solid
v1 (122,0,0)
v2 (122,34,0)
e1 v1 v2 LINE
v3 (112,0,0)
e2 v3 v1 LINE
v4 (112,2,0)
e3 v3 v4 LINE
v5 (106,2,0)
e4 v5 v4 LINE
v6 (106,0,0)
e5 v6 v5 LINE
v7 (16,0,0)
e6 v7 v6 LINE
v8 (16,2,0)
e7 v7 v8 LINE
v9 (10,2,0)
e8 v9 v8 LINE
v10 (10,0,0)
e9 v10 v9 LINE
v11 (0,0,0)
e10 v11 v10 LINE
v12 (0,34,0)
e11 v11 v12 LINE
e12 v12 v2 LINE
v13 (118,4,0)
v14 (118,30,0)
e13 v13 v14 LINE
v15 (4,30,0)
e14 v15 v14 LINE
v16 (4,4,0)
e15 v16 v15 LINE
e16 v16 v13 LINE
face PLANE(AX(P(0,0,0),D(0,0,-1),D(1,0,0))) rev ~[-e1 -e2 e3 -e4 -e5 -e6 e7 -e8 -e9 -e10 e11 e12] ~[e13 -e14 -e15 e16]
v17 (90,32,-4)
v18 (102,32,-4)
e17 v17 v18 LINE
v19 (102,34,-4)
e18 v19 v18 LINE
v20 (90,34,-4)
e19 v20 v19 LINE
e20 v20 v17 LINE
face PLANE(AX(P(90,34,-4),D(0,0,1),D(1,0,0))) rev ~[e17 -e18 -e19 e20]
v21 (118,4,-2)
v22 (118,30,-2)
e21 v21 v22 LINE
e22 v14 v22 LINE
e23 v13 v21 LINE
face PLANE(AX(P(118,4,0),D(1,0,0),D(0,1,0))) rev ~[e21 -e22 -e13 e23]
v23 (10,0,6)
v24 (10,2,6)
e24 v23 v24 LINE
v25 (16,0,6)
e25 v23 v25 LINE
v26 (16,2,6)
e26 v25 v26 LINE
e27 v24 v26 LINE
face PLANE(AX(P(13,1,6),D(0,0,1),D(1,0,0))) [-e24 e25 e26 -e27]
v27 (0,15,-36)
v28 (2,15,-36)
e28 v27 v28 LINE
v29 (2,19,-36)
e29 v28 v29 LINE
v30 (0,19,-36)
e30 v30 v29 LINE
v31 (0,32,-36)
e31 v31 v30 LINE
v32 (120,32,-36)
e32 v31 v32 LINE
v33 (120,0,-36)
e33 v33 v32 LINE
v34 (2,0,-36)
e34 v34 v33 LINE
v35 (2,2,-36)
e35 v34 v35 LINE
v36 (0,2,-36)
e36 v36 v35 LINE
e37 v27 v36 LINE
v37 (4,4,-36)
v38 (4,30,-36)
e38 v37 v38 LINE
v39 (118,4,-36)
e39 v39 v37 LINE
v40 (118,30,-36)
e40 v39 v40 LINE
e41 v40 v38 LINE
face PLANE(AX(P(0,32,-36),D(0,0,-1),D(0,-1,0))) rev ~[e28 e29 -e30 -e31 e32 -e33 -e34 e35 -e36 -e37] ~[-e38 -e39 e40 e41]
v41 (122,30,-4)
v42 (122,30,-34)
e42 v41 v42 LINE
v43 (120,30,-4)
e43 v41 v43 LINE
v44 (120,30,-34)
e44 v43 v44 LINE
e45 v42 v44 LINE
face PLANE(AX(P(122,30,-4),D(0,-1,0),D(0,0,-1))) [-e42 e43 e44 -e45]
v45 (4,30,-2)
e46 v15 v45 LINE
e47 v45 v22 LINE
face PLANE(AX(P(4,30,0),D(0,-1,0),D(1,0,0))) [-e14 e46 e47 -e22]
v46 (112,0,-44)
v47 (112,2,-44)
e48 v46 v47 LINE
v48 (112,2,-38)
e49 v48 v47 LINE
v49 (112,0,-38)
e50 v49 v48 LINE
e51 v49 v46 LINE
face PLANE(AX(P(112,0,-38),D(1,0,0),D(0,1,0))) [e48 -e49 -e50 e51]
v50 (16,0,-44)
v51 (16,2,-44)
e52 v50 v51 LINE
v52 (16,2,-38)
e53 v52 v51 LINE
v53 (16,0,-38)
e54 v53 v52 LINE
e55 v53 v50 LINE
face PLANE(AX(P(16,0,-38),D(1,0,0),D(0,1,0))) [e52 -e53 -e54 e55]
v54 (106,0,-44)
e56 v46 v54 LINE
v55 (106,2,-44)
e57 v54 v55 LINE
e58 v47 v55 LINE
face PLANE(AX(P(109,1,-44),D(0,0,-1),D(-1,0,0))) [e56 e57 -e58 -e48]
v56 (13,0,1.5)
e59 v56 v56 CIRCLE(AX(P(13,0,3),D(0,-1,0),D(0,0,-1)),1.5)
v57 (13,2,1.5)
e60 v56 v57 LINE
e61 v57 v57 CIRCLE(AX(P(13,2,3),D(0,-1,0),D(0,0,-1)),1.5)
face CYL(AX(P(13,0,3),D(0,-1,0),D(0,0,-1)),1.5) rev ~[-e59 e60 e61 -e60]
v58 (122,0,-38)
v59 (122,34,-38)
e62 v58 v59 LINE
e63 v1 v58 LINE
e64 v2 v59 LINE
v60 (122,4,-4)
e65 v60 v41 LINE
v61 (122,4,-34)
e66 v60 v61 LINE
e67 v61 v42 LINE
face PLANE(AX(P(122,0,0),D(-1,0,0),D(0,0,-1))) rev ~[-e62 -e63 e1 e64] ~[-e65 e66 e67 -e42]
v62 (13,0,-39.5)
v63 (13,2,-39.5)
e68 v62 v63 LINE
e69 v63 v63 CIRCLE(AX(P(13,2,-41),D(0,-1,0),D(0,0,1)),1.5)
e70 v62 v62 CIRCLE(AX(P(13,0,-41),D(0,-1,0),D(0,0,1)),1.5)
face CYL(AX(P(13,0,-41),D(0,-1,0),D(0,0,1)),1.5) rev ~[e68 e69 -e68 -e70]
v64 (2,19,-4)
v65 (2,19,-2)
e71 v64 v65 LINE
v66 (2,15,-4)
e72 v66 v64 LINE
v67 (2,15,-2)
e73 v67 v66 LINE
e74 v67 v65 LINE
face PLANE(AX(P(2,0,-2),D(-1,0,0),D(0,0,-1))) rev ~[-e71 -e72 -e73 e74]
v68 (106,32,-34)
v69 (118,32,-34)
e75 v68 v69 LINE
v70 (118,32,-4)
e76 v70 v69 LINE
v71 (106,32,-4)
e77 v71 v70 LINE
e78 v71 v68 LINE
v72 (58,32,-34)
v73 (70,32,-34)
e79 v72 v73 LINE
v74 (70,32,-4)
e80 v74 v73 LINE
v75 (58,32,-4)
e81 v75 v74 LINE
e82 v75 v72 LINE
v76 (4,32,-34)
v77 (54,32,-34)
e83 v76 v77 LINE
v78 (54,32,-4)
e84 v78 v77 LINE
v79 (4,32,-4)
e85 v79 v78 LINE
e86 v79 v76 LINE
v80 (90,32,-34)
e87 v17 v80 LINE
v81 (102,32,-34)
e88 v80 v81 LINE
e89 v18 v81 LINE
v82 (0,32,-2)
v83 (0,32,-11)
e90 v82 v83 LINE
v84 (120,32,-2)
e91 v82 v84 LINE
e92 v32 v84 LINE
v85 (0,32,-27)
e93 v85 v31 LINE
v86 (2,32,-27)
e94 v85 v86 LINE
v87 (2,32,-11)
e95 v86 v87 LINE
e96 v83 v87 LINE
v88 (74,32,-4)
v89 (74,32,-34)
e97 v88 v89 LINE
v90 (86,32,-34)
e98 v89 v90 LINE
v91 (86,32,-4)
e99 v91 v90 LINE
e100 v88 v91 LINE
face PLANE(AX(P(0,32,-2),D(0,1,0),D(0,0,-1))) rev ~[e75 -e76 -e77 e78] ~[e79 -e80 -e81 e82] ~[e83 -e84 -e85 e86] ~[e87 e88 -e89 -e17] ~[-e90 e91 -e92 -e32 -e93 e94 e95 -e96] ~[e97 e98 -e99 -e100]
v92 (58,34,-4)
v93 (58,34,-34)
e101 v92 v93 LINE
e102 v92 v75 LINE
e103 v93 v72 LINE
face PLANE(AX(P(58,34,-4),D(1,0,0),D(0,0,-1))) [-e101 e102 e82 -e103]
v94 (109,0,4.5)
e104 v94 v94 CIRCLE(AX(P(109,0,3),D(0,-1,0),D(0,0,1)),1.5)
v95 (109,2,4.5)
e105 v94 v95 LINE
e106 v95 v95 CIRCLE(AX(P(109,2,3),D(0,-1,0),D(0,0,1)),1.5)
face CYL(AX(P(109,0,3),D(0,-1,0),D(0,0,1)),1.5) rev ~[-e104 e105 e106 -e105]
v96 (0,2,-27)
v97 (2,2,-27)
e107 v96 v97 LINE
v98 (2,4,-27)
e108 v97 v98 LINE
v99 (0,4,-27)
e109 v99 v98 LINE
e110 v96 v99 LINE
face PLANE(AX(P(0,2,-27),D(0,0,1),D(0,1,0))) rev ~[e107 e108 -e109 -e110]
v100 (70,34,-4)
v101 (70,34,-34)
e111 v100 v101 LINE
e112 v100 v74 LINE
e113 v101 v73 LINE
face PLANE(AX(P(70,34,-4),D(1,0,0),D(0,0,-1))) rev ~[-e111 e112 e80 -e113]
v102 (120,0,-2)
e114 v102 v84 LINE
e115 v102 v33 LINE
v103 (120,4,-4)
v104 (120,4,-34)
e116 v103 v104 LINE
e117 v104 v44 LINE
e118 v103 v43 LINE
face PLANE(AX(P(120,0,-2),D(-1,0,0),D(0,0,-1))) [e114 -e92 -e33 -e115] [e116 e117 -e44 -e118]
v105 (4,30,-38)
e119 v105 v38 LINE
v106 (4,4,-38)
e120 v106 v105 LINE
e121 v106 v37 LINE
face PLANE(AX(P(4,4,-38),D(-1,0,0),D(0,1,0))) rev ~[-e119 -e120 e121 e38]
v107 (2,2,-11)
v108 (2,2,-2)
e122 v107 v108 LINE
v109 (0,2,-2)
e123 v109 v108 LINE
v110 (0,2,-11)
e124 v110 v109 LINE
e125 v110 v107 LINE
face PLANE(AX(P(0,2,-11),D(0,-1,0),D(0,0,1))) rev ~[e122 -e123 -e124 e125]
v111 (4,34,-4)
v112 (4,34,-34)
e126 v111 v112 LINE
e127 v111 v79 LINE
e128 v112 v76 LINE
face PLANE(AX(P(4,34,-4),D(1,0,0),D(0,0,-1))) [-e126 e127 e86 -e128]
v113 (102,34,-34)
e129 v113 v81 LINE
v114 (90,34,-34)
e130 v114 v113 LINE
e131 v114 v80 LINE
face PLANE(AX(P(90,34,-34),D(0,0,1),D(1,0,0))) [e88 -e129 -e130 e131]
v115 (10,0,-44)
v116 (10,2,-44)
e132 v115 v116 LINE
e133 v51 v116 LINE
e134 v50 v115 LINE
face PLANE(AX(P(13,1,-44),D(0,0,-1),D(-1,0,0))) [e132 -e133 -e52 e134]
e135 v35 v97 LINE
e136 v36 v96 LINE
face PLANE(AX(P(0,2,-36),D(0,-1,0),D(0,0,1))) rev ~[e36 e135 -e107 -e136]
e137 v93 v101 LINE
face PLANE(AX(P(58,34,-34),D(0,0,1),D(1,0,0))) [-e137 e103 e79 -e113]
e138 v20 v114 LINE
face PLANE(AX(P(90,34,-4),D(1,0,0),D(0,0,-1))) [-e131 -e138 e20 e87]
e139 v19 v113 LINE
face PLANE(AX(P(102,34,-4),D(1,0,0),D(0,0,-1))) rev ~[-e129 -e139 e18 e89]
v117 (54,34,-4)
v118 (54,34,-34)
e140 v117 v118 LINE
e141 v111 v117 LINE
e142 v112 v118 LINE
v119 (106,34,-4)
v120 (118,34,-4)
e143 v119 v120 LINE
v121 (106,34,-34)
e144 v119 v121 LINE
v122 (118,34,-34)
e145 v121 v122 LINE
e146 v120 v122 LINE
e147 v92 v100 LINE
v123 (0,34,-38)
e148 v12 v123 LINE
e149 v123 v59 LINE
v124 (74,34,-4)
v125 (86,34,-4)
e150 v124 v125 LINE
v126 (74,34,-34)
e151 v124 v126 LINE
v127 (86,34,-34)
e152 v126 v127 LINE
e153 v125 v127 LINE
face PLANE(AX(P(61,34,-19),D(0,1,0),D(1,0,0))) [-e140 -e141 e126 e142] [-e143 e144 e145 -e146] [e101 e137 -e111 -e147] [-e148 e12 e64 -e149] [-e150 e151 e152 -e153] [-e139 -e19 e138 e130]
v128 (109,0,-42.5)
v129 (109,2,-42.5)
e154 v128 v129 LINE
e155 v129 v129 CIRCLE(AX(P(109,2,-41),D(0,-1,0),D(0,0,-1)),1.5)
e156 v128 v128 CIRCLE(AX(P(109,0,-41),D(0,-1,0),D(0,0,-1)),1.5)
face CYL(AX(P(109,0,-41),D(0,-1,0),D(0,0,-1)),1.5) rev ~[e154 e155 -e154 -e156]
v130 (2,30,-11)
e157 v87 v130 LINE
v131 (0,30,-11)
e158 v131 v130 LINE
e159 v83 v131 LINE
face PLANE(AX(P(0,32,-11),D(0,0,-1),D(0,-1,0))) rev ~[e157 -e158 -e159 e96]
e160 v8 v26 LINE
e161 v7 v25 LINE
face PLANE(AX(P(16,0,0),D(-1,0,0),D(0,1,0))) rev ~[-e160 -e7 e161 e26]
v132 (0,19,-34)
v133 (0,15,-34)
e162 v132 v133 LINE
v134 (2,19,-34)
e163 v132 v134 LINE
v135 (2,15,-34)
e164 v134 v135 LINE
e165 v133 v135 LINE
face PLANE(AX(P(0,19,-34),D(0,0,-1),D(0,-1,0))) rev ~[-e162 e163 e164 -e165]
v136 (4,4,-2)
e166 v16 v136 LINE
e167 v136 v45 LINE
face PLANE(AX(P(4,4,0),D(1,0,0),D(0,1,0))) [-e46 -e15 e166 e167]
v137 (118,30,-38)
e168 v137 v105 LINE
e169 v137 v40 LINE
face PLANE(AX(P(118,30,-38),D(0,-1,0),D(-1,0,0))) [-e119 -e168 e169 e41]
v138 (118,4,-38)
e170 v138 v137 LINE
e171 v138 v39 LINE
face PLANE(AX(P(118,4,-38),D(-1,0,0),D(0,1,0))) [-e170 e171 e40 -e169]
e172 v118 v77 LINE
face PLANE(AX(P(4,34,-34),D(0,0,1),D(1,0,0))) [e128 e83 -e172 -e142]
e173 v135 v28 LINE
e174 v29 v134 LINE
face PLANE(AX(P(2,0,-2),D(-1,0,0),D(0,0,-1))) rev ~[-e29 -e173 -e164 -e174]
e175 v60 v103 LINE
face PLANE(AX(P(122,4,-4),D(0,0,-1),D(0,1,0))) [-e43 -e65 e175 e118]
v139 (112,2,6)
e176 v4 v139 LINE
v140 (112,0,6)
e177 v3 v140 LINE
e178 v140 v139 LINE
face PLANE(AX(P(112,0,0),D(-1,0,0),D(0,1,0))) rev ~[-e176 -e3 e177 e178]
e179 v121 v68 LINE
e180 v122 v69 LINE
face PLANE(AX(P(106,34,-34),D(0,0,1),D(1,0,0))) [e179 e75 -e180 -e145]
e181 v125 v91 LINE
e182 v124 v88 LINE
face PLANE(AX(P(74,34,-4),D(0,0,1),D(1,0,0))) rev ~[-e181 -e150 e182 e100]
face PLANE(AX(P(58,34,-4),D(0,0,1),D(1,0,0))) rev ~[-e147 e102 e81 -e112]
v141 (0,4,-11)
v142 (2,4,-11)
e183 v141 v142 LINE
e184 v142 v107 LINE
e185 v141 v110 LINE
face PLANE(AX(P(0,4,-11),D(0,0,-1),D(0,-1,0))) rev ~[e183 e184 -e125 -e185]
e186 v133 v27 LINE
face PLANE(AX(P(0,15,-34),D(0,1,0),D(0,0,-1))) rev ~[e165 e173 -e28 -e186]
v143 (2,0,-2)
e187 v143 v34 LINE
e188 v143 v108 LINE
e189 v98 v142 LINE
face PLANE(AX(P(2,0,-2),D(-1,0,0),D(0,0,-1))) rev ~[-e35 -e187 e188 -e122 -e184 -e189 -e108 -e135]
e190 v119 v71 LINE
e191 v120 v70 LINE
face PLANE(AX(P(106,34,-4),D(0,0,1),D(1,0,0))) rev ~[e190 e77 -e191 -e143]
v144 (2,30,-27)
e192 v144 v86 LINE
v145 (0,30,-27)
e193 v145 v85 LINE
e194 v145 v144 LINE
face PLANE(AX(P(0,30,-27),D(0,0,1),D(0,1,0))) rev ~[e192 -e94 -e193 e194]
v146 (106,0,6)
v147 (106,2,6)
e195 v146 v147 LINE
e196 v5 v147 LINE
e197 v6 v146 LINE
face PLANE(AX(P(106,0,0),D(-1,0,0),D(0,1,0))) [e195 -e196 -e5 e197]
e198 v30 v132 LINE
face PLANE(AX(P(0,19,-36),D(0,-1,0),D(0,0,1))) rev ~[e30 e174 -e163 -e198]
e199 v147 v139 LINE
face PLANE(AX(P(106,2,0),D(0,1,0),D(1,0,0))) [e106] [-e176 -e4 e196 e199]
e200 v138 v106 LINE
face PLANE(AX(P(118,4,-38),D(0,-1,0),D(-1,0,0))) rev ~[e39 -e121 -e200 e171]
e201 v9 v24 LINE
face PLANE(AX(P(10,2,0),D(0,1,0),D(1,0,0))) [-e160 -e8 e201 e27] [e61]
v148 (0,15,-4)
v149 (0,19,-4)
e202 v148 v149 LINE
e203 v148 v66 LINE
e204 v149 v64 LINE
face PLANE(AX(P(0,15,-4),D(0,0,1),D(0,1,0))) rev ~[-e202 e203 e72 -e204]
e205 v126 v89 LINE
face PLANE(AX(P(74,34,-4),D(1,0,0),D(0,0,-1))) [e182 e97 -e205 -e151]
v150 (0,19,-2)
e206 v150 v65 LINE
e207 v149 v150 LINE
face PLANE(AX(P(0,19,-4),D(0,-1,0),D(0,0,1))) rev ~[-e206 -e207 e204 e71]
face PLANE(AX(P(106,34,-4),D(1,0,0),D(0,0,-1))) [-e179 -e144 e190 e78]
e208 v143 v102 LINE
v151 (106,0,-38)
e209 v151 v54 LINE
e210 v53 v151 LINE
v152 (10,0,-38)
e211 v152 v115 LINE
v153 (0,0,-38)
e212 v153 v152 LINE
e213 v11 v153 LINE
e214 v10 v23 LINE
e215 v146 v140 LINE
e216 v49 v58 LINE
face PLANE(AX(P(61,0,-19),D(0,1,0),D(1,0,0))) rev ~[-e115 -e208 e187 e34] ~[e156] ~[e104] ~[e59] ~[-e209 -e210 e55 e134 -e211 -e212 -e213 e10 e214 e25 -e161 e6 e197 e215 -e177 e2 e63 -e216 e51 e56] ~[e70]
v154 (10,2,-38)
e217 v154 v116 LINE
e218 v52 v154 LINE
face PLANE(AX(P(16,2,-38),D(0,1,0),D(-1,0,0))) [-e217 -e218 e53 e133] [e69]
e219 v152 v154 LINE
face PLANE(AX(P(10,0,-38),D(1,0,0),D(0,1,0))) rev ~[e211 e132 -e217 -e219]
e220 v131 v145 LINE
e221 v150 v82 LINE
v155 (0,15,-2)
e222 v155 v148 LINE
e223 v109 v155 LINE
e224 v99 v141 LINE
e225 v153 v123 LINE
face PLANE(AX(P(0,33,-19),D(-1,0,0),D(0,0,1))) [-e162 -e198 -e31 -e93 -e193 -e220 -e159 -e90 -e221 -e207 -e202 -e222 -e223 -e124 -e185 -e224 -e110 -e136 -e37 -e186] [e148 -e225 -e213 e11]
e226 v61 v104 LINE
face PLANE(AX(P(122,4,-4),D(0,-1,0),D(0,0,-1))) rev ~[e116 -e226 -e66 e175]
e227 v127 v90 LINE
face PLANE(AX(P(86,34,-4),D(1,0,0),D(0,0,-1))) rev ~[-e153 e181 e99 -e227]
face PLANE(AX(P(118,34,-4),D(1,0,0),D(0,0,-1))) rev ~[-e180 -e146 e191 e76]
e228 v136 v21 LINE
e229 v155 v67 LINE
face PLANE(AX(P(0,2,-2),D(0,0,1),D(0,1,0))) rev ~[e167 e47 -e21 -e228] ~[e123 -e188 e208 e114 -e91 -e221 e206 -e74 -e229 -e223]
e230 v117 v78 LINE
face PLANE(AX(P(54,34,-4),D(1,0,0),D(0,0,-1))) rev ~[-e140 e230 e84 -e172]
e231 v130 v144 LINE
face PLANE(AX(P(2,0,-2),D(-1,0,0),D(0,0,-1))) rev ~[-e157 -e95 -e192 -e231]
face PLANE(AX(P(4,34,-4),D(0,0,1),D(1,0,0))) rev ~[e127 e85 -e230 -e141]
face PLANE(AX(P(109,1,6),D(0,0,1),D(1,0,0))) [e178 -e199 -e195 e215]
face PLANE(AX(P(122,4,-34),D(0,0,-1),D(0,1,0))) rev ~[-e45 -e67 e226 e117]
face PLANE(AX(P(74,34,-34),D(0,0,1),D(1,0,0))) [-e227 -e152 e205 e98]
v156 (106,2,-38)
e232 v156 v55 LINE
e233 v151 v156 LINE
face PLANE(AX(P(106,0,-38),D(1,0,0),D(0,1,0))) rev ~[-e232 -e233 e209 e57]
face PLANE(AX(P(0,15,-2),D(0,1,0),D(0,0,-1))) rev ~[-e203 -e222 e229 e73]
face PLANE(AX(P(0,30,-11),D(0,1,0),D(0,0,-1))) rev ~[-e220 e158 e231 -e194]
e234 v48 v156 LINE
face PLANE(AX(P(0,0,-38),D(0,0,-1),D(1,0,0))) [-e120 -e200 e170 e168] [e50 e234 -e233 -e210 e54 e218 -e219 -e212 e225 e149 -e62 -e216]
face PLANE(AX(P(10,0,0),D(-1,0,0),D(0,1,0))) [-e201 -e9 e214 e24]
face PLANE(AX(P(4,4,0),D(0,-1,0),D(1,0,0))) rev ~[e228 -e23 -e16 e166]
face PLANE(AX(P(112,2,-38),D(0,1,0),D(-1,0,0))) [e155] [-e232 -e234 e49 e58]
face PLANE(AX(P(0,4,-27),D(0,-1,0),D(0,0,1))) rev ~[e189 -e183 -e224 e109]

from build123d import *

# Parameters (mm, degrees)
SKETCH1_W           = 122
SKETCH1_H           = 38
SKETCH1_W_2         = 118
SKETCH1_H_2         = 34
BOSS_EXTRUDE1_DEPTH = 34
SKETCH2_W           = 34
SKETCH2_H           = 2
BOSS_EXTRUDE2_DEPTH = 120
CUT_EXTRUDE2_DEPTH  = 2
SKETCH4_W           = 114
SKETCH4_H           = 26
CUT_EXTRUDE4_DEPTH  = 2
SKETCH6_W           = 114
SKETCH6_H           = 26
CUT_EXTRUDE5_DEPTH  = 2
SKETCH7_W           = 30
SKETCH7_H           = 26
CUT_EXTRUDE6_DEPTH  = 2
SKETCH8_W           = 12
SKETCH8_H           = 30
CUT_EXTRUDE7_DEPTH  = 2
LPATTERN1_COUNT     = 4
LPATTERN1_PITCH     = 16
SKETCH9_W           = 50
SKETCH9_H           = 30
CUT_EXTRUDE8_DEPTH  = 2
SKETCH10_W          = 6
SKETCH10_H          = 2
BOSS_EXTRUDE5_DEPTH = 6
SKETCH11_W          = 6
SKETCH11_H          = 2
BOSS_EXTRUDE6_DEPTH = 6
SKETCH12_W          = 6
SKETCH12_H          = 2
BOSS_EXTRUDE7_DEPTH = 6
SKETCH13_W          = 6
SKETCH13_H          = 2
BOSS_EXTRUDE8_DEPTH = 6
SKETCH14_R          = 1.5
CUT_EXTRUDE9_DEPTH  = 2


with BuildPart() as part:
    # Sketch1 → Boss-Extrude1 (new body)
    with BuildSketch(Plane(origin=(0, 0, 0), x_dir=(1, 0, 0), z_dir=(0, 1, 0))):
        with Locations((61, 19)):
            Rectangle(SKETCH1_W, SKETCH1_H)
        with Locations((61, 19)):
            Rectangle(SKETCH1_W_2, SKETCH1_H_2, mode=Mode.SUBTRACT)
    extrude(amount=BOSS_EXTRUDE1_DEPTH)

    # Sketch2 → Boss-Extrude2 (add)
    with BuildSketch(Plane.ZY):
        with Locations((-19, 33)):
            Rectangle(SKETCH2_W, SKETCH2_H)
    extrude(amount=-BOSS_EXTRUDE2_DEPTH)

    # Sketch3 → Cut-Extrude2 (cut)
    with BuildSketch(Plane.ZY):
        Polygon((-8, 2), (-2, 2), (-2, 15), (-4, 15), (-4, 19), (-2, 19), (-2, 32), (-11, 32), (-11, 30), (-27, 30), (-27, 32), (-36, 32), (-36, 19), (-34, 19), (-34, 15), (-36, 15), (-36, 2), (-30, 2), (-27, 2), (-27, 4), (-11, 4), (-11, 2), align=None)
    extrude(amount=-CUT_EXTRUDE2_DEPTH, mode=Mode.SUBTRACT)

    # Sketch4 → Cut-Extrude4 (cut)
    with BuildSketch(Plane(origin=(0, 0, -38), x_dir=(-1, 0, 0), z_dir=(0, 0, -1))):
        with Locations((-61, 17)):
            Rectangle(SKETCH4_W, SKETCH4_H)
    extrude(amount=-CUT_EXTRUDE4_DEPTH, mode=Mode.SUBTRACT)

    # Sketch6 → Cut-Extrude5 (cut)
    with BuildSketch(Plane.XY):
        with Locations((61, 17)):
            Rectangle(SKETCH6_W, SKETCH6_H)
    extrude(amount=-CUT_EXTRUDE5_DEPTH, mode=Mode.SUBTRACT)

    # Sketch7 → Cut-Extrude6 (cut)
    with BuildSketch(Plane(origin=(122, 0, 0), x_dir=(0, 0, -1), z_dir=(1, 0, 0))):
        with Locations((19, 17)):
            Rectangle(SKETCH7_W, SKETCH7_H)
    extrude(amount=-CUT_EXTRUDE6_DEPTH, mode=Mode.SUBTRACT)

    # Sketch8 → Cut-Extrude7 (cut)
    with BuildSketch(Plane(origin=(0, 34, 0), x_dir=(1, 0, 0), z_dir=(0, 1, 0))):
        with Locations((112, 19)):
            Rectangle(SKETCH8_W, SKETCH8_H)
    cut_extrude7 = extrude(amount=-CUT_EXTRUDE7_DEPTH, mode=Mode.SUBTRACT)

    # LPattern1: Cut-Extrude7 ×4
    with Locations(*[(-i * LPATTERN1_PITCH, 0, 0) for i in range(1, LPATTERN1_COUNT)]):
        add(cut_extrude7, mode=Mode.SUBTRACT)

    # Sketch9 → Cut-Extrude8 (cut)
    with BuildSketch(Plane(origin=(0, 34, 0), x_dir=(1, 0, 0), z_dir=(0, 1, 0))):
        with Locations((29, 19)):
            Rectangle(SKETCH9_W, SKETCH9_H)
    extrude(amount=-CUT_EXTRUDE8_DEPTH, mode=Mode.SUBTRACT)

    # Sketch10 → Boss-Extrude5 (add)
    with BuildSketch(Plane(origin=(0, 0, -38), x_dir=(-1, 0, 0), z_dir=(0, 0, -1))):
        with Locations((-13, 1)):
            Rectangle(SKETCH10_W, SKETCH10_H)
    extrude(amount=BOSS_EXTRUDE5_DEPTH)

    # Sketch11 → Boss-Extrude6 (add)
    with BuildSketch(Plane(origin=(0, 0, -38), x_dir=(-1, 0, 0), z_dir=(0, 0, -1))):
        with Locations((-109, 1)):
            Rectangle(SKETCH11_W, SKETCH11_H)
    extrude(amount=BOSS_EXTRUDE6_DEPTH)

    # Sketch12 → Boss-Extrude7 (add)
    with BuildSketch(Plane.XY):
        with Locations((13, 1)):
            Rectangle(SKETCH12_W, SKETCH12_H)
    extrude(amount=BOSS_EXTRUDE7_DEPTH)

    # Sketch13 → Boss-Extrude8 (add)
    with BuildSketch(Plane.XY):
        with Locations((109, 1)):
            Rectangle(SKETCH13_W, SKETCH13_H)
    extrude(amount=BOSS_EXTRUDE8_DEPTH)

    # Sketch14 → Cut-Extrude9 (cut)
    with BuildSketch(Plane.XZ):
        with Locations(Location((109, -41, 0), (0, 0, 270))):
            Circle(SKETCH14_R)
        with Locations(Location((109, 3, 0), (0, 0, 90))):
            Circle(SKETCH14_R)
        with Locations(Location((13, 3, 0), (0, 0, 270))):
            Circle(SKETCH14_R)
        with Locations(Location((13, -41, 0), (0, 0, 90))):
            Circle(SKETCH14_R)
    extrude(amount=-CUT_EXTRUDE9_DEPTH, mode=Mode.SUBTRACT)


solid = part.part
